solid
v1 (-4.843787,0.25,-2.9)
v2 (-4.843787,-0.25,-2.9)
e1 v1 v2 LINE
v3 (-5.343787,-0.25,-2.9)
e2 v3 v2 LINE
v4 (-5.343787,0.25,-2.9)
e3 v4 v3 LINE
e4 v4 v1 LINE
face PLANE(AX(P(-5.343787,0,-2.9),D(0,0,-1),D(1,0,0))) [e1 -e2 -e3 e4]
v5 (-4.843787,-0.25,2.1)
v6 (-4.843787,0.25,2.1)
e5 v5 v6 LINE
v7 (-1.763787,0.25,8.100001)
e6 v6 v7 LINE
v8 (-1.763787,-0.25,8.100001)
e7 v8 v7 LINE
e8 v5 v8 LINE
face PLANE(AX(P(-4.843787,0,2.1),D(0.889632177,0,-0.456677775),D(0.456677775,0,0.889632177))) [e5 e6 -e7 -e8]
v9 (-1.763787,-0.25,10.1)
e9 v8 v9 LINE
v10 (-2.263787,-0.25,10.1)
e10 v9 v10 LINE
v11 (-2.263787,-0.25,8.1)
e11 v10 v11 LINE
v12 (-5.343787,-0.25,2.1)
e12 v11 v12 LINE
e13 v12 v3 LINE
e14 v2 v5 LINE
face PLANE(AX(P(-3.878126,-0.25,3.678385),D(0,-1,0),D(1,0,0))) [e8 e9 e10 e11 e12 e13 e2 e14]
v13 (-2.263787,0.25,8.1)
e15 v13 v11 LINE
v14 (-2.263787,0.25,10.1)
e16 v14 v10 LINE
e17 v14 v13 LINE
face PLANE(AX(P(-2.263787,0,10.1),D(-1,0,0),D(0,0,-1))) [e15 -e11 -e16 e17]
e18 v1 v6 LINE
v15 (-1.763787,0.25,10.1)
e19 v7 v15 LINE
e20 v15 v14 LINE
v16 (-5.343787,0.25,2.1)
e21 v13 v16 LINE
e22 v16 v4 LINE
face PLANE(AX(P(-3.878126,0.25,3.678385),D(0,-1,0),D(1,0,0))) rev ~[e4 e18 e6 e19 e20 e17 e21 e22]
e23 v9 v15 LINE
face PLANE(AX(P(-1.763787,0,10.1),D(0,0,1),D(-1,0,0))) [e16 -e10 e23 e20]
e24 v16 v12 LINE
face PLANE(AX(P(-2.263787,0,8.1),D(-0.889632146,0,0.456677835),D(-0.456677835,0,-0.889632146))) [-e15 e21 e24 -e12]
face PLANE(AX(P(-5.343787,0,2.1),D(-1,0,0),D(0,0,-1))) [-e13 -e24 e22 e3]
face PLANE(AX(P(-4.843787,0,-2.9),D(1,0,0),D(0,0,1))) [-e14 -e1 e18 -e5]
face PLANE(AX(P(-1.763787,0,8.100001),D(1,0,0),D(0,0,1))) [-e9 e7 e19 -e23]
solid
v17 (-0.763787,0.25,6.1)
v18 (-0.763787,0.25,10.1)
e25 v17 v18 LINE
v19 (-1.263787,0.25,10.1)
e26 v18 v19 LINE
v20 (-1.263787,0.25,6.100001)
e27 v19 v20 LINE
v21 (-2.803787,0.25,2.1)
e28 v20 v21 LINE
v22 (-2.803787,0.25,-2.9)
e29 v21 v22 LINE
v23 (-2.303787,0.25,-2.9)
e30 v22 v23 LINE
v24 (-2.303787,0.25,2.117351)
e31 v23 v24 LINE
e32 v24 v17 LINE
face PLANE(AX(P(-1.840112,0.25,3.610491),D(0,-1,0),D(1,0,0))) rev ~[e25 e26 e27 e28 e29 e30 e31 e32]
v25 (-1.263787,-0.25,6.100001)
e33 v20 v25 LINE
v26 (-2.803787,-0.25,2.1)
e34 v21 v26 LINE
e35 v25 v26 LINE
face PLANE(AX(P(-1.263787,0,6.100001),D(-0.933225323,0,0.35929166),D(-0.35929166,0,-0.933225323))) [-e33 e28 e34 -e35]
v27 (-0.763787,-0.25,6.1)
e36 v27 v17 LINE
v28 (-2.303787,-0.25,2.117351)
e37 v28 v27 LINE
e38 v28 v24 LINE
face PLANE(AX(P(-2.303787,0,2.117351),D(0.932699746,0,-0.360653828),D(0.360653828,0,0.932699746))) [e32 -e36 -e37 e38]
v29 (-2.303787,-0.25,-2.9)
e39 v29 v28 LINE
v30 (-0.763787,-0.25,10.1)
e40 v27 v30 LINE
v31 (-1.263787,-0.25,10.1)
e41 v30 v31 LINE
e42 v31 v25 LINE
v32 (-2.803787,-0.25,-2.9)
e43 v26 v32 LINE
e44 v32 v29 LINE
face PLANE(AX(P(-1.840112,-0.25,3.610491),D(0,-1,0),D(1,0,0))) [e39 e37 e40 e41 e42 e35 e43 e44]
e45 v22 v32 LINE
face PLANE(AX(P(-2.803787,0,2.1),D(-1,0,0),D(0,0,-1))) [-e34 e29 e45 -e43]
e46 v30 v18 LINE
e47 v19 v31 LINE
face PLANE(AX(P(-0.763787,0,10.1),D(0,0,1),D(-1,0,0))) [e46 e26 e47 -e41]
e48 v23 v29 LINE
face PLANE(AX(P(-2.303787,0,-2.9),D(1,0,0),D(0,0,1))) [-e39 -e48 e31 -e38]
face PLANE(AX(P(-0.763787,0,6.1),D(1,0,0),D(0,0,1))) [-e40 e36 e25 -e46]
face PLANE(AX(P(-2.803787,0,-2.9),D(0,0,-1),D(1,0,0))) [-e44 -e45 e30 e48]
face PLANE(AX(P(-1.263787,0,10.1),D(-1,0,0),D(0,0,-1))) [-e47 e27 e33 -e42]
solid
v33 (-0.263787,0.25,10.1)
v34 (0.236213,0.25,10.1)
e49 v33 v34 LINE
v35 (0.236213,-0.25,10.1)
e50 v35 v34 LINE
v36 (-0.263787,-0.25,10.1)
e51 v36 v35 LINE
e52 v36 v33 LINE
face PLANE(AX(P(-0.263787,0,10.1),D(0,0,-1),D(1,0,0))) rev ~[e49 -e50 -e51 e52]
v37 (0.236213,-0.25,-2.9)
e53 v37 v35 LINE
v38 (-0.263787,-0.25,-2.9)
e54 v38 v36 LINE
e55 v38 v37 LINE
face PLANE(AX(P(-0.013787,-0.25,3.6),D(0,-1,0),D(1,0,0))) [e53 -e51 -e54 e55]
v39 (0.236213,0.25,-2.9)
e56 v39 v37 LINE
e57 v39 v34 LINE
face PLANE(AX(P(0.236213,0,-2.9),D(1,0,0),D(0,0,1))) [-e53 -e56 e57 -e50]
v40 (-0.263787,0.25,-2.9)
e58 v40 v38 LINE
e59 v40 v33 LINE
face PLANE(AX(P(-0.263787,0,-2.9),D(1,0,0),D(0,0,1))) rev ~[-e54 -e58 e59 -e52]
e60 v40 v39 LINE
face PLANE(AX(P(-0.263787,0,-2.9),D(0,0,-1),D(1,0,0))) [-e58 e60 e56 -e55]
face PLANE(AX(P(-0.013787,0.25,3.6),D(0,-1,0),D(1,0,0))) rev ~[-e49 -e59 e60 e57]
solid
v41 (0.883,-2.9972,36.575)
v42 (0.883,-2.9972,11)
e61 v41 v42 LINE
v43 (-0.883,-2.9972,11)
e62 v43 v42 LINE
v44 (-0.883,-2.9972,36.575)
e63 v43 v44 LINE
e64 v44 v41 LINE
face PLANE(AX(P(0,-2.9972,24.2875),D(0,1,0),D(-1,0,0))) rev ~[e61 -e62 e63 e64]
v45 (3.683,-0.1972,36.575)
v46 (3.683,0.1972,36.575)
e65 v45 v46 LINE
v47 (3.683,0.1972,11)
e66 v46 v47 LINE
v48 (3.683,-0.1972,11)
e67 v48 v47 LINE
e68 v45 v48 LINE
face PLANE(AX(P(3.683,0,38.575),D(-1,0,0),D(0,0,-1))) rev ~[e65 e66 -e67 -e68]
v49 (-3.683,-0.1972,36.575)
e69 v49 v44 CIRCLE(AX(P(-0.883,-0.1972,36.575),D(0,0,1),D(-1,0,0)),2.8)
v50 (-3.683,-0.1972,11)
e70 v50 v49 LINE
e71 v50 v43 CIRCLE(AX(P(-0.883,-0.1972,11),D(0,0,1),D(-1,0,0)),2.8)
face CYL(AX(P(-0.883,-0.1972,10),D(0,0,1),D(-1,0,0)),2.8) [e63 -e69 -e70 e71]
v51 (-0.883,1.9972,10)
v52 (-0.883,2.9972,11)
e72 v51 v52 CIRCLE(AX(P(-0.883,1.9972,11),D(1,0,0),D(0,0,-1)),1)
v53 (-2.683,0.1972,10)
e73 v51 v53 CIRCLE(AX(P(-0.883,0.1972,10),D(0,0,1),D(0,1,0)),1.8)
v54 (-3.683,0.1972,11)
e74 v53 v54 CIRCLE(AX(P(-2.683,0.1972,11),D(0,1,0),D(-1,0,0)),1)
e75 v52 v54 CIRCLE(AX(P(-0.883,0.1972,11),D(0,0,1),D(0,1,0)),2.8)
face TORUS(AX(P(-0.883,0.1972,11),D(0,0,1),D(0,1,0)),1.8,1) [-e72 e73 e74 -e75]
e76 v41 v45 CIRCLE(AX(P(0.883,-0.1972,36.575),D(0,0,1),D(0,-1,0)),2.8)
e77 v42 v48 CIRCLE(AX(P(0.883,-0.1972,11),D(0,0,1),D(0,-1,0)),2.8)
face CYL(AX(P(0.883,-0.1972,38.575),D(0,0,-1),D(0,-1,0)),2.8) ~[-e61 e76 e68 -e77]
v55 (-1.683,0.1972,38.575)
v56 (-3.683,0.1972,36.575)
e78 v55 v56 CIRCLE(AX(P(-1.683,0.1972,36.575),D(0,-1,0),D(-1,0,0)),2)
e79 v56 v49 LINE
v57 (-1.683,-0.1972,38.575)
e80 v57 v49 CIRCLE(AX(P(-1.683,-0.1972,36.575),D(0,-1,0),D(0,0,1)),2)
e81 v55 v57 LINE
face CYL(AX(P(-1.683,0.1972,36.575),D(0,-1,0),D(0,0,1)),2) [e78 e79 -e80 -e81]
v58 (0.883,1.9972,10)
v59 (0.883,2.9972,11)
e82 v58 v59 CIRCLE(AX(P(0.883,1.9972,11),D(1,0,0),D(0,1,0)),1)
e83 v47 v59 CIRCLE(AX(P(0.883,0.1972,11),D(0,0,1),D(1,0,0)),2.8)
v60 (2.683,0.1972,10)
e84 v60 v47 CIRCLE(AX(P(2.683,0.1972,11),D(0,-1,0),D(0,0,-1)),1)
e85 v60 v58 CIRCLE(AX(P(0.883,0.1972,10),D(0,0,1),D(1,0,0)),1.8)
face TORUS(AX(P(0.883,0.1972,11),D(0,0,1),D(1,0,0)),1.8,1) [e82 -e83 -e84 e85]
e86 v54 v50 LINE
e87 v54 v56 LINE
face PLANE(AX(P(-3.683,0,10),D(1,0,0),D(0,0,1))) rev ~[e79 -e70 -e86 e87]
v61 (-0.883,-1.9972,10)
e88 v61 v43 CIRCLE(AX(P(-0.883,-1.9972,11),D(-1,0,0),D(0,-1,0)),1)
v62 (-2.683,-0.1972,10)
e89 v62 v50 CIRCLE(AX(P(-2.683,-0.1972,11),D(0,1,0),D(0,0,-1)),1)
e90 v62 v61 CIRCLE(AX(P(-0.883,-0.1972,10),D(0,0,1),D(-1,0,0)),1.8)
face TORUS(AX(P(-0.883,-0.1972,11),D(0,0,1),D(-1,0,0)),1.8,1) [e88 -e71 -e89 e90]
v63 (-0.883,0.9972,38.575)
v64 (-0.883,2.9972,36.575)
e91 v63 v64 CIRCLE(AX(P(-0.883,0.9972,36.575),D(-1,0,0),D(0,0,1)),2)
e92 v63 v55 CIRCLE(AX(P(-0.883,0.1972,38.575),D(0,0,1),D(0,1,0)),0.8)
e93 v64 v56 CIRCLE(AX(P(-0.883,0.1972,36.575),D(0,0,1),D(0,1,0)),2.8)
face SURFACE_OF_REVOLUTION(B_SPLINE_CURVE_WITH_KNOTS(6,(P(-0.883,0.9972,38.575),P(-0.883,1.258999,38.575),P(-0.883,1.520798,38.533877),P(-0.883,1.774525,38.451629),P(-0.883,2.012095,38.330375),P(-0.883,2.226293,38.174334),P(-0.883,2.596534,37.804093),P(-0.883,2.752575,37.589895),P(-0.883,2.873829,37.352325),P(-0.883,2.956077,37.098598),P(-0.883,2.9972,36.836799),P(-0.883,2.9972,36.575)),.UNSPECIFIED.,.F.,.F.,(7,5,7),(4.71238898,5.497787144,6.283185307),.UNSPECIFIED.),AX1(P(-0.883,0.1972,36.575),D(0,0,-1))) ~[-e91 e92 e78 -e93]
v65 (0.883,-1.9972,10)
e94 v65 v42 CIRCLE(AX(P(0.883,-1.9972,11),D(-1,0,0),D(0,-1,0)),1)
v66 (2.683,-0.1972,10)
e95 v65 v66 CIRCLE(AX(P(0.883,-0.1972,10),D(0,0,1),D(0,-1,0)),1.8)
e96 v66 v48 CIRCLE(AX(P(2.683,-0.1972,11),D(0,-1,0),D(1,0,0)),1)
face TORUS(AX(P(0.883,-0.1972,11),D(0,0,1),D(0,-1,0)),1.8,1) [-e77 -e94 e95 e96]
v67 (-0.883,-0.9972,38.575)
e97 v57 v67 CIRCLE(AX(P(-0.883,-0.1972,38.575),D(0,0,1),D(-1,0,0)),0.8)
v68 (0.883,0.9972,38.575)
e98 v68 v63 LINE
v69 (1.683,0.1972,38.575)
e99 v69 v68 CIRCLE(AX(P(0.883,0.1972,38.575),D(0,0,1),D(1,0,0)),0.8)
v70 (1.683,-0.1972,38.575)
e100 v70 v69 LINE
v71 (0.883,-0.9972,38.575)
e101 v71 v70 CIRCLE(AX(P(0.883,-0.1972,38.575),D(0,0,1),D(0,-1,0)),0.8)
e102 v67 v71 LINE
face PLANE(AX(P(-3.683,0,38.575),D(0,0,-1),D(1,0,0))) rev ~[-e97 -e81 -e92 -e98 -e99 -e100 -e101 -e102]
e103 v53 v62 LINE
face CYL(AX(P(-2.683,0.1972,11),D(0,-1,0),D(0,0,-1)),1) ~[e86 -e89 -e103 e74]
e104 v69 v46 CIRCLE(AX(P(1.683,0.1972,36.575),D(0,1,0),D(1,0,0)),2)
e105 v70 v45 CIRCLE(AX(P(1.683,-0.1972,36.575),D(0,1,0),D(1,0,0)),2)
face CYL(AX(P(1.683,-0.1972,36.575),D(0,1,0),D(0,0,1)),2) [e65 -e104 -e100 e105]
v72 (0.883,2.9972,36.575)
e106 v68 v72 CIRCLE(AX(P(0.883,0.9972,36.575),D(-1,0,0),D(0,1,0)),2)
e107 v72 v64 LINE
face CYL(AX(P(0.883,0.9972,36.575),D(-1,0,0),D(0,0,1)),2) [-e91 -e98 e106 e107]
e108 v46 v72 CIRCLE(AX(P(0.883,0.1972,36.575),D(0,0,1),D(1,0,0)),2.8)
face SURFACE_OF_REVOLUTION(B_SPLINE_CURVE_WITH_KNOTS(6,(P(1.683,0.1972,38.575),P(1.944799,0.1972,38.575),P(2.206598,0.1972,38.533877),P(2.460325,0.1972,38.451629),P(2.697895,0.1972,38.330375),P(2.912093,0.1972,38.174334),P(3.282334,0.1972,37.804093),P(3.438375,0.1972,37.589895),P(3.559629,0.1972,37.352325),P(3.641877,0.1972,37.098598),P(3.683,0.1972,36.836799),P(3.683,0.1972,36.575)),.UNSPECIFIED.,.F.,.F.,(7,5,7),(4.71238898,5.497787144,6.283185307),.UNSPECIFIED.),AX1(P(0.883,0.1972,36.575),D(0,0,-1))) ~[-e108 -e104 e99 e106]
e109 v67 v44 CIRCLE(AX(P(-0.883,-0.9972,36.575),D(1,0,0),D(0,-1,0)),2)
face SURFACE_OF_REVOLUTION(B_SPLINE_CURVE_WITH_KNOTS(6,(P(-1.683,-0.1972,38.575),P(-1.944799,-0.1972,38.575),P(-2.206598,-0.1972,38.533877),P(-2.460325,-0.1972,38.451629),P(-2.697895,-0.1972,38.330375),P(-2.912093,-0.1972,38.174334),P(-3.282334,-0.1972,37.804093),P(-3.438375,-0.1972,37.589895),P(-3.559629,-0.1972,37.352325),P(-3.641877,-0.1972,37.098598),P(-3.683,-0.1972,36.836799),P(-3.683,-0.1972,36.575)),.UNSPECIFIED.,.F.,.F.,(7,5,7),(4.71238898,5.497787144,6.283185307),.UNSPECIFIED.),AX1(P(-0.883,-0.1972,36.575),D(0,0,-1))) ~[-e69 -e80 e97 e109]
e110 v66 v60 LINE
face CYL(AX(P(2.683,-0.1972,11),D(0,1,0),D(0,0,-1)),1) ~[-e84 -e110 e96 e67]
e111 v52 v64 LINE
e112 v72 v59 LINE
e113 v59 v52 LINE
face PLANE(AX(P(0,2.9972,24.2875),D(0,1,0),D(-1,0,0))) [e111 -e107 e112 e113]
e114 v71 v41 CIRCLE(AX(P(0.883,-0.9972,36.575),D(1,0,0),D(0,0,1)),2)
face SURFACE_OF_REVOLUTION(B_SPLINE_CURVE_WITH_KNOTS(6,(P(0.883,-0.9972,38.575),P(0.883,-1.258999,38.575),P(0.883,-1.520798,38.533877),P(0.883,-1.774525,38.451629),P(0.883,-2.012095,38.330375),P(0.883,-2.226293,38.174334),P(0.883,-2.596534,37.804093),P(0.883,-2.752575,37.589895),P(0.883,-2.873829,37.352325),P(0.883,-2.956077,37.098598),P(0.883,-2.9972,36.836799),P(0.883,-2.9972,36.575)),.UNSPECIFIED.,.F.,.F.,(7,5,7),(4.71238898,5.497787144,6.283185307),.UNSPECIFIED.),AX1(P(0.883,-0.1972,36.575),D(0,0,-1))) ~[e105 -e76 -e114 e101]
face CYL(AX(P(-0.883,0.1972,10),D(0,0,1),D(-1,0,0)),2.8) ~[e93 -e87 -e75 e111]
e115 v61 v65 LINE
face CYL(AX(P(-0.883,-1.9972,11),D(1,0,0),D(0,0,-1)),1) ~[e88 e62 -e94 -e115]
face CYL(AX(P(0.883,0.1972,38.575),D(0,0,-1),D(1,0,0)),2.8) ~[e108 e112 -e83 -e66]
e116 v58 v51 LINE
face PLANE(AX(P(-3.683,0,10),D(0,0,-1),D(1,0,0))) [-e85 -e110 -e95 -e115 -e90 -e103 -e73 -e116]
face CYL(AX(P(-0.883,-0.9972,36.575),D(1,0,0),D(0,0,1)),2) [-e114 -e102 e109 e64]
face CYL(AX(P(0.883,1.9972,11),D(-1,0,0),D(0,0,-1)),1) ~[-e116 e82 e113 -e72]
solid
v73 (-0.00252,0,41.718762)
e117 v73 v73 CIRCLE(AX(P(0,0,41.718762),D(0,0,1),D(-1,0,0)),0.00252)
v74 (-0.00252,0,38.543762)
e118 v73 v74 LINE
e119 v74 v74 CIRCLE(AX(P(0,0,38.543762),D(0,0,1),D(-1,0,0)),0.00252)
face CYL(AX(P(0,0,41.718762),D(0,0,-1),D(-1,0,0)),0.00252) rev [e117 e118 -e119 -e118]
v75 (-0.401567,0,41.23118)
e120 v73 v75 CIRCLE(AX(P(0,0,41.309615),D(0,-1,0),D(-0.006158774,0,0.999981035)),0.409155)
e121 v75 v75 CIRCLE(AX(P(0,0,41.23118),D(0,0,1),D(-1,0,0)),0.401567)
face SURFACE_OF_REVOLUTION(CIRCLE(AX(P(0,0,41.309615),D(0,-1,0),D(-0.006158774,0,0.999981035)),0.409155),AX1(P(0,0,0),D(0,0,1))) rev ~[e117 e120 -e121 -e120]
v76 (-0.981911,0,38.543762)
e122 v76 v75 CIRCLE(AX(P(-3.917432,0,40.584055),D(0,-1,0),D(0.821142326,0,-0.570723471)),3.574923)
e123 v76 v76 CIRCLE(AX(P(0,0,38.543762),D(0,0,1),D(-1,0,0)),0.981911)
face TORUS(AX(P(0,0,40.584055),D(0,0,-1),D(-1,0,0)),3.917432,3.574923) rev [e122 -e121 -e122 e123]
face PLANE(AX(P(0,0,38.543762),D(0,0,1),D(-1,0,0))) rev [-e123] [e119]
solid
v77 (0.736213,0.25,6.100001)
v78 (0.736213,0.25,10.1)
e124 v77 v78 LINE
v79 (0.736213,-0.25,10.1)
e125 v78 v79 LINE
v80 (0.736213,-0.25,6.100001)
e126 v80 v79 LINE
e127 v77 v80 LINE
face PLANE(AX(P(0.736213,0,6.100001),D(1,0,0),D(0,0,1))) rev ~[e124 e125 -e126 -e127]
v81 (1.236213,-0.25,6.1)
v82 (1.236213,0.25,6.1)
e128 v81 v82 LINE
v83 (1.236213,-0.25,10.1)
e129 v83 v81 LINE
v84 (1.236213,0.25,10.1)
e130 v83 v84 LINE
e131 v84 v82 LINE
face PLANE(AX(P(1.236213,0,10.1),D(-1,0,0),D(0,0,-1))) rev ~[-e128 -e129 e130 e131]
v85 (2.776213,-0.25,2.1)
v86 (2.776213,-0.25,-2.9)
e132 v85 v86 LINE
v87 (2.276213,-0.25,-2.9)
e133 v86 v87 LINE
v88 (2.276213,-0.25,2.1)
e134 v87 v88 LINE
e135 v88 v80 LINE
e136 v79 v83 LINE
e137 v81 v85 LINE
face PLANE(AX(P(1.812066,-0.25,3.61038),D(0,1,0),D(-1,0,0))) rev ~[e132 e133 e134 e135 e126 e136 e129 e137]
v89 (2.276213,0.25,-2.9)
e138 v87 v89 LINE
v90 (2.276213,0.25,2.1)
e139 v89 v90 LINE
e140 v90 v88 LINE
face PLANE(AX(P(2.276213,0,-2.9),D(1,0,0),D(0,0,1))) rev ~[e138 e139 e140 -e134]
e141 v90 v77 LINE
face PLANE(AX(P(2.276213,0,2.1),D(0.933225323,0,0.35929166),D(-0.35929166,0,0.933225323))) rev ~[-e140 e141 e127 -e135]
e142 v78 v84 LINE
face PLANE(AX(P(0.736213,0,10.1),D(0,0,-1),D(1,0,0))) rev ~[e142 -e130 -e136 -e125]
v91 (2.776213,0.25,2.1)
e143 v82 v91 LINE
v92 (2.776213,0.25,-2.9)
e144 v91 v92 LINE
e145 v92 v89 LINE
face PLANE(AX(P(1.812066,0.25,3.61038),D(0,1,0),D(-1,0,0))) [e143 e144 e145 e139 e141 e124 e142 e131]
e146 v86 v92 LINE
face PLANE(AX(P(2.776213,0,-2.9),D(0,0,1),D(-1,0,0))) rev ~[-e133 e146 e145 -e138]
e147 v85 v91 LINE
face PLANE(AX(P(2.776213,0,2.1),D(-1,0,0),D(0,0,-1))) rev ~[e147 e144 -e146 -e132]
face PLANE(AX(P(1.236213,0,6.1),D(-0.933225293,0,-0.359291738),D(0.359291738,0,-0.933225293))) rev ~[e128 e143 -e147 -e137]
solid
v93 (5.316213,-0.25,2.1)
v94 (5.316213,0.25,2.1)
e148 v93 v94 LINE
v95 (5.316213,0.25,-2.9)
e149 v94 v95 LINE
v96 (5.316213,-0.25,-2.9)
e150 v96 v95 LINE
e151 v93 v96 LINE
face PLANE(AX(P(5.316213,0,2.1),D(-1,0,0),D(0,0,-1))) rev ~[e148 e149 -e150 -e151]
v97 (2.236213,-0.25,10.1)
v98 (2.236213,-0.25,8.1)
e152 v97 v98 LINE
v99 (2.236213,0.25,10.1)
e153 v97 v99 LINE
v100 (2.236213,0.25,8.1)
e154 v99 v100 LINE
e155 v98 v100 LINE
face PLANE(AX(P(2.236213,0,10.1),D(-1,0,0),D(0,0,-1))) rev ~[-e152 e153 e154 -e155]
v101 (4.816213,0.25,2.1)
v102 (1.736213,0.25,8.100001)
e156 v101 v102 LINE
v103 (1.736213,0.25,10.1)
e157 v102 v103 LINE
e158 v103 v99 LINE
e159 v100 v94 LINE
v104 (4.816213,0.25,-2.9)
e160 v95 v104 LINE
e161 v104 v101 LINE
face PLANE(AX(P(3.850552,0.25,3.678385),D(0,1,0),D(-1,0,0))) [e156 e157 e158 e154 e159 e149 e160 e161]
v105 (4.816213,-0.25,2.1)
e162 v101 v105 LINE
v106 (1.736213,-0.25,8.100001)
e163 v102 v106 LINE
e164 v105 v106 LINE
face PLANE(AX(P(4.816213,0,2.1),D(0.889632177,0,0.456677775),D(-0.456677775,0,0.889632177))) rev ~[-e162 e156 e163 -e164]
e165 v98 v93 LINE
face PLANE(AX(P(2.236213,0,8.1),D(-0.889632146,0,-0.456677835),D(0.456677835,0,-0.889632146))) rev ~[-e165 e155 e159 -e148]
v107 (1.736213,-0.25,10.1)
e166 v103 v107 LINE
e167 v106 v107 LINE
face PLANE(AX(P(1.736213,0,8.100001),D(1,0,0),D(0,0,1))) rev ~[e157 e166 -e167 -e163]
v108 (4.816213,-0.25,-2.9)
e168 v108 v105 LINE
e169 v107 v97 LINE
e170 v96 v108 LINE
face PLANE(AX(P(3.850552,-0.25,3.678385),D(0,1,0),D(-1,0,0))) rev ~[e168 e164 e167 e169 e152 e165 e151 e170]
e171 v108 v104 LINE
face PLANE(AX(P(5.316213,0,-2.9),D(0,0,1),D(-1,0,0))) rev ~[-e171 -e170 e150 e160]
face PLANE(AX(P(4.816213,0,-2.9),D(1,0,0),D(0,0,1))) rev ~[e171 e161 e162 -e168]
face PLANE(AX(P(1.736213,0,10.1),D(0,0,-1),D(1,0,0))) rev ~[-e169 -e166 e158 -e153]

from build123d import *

# Parameters (mm, degrees)
PAD_DEPTH    = 2.9972
FILLET_R     = 2.8
FILLET001_R  = 2
FILLET002_R  = 1
PAD001_DEPTH = 0.25
PAD002_DEPTH = 0.25
SKETCH004_W  = 0.5
SKETCH004_H  = 13
PAD003_DEPTH = 0.25
PAD004_DEPTH = 0.25
PAD005_DEPTH = 0.25


with BuildPart() as fillet002:
    # Sketch → Pad (new body, symmetric)
    with BuildSketch(Plane.XZ):
        Polygon((-3.683, 10), (-3.683, 38.575), (3.683, 38.575), (3.683, 10), (0, 10), align=None)
    extrude(amount=PAD_DEPTH, both=True)

    # Fillet
    fillet_edges = [fillet002.edges().sort_by_distance(p)[0] for p in [
        (3.683, -2.9972, 24.2875),
        (3.683, 2.9972, 24.2875),
        (-3.683, -2.9972, 24.2875),
        (-3.683, 2.9972, 24.2875),
    ]]
    fillet(fillet_edges, radius=FILLET_R)

    # Fillet001
    fillet001_edges = [fillet002.edges().sort_by_distance(p)[0] for p in [
        (2.862899, 2.177099, 38.575),
        (0, 2.9972, 38.575),
        (-2.862899, 2.177099, 38.575),
        (-2.862899, -2.177099, 38.575),
        (0, -2.9972, 38.575),
        (2.862899, -2.177099, 38.575),
        (3.683, 0, 38.575),
        (-3.683, 0, 38.575),
    ]]
    fillet(fillet001_edges, radius=FILLET001_R)

    # Fillet002
    fillet002_edges = [fillet002.edges().sort_by_distance(p)[0] for p in [
        (2.862899, -2.177099, 10),
        (3.683, 0, 10),
        (2.862899, 2.177099, 10),
        (-0.4415, 2.9972, 10),
        (0.4415, 2.9972, 10),
        (0.4415, -2.9972, 10),
        (-0.4415, -2.9972, 10),
        (-2.862899, -2.177099, 10),
        (-3.683, 0, 10),
        (-2.862899, 2.177099, 10),
    ]]
    fillet(fillet002_edges, radius=FILLET002_R)


with BuildPart() as revolution:
    # Sketch001 → Revolution (revolve)
    with BuildSketch(Plane.XZ):
        with BuildLine():
            ThreePointArc((-0.00252, 41.718762), (-0.316632, 41.568752), (-0.401567, 41.23118))
            ThreePointArc((-0.981911, 38.543762), (-0.423058, 39.82945), (-0.401567, 41.23118))
            Line((-0.00252, 38.543762), (-0.981911, 38.543762))
            Line((-0.00252, 41.718762), (-0.00252, 38.543762))
        make_face()
    revolve(axis=Axis((0, 0, 0), (0, 0, 1)))


with BuildPart() as pad001:
    # Sketch002 → Pad001 (new body, symmetric)
    with BuildSketch(Plane.XZ):
        Polygon((1.736213, 10.1), (2.236213, 10.1), (2.236213, 8.1), (5.316213, 2.1), (5.316213, -2.9), (4.816213, -2.9), (4.816213, 2.1), (1.736213, 8.100001), align=None)
    extrude(amount=PAD001_DEPTH, both=True)


with BuildPart() as pad002:
    # Sketch003 → Pad002 (new body, symmetric)
    with BuildSketch(Plane.XZ):
        Polygon((0.736213, 10.1), (1.236213, 10.1), (1.236213, 6.1), (2.776213, 2.1), (2.776213, -2.9), (2.276213, -2.9), (2.276213, 2.1), (0.736213, 6.100001), align=None)
    extrude(amount=PAD002_DEPTH, both=True)


with BuildPart() as pad003:
    # Sketch004 → Pad003 (new body, symmetric)
    with BuildSketch(Plane.XZ):
        with Locations((-0.013787, 3.6)):
            Rectangle(SKETCH004_W, SKETCH004_H)
    extrude(amount=PAD003_DEPTH, both=True)


with BuildPart() as pad004:
    # Sketch005 → Pad004 (new body, symmetric)
    with BuildSketch(Plane.XZ):
        Polygon((-0.763787, 10.1), (-1.263787, 10.1), (-1.263787, 6.100001), (-2.803787, 2.1), (-2.803787, -2.9), (-2.303787, -2.9), (-2.303787, 2.117351), (-0.763787, 6.1), align=None)
    extrude(amount=PAD004_DEPTH, both=True)


with BuildPart() as pad005:
    # Sketch006 → Pad005 (new body, symmetric)
    with BuildSketch(Plane.XZ):
        Polygon((-1.763787, 10.1), (-2.263787, 10.1), (-2.263787, 8.1), (-5.343787, 2.1), (-5.343787, -2.9), (-4.843787, -2.9), (-4.843787, 2.1), (-1.763787, 8.100001), align=None)
    extrude(amount=PAD005_DEPTH, both=True)


solid = Compound([fillet002.part, revolution.part, pad001.part, pad002.part, pad003.part, pad004.part, pad005.part])
